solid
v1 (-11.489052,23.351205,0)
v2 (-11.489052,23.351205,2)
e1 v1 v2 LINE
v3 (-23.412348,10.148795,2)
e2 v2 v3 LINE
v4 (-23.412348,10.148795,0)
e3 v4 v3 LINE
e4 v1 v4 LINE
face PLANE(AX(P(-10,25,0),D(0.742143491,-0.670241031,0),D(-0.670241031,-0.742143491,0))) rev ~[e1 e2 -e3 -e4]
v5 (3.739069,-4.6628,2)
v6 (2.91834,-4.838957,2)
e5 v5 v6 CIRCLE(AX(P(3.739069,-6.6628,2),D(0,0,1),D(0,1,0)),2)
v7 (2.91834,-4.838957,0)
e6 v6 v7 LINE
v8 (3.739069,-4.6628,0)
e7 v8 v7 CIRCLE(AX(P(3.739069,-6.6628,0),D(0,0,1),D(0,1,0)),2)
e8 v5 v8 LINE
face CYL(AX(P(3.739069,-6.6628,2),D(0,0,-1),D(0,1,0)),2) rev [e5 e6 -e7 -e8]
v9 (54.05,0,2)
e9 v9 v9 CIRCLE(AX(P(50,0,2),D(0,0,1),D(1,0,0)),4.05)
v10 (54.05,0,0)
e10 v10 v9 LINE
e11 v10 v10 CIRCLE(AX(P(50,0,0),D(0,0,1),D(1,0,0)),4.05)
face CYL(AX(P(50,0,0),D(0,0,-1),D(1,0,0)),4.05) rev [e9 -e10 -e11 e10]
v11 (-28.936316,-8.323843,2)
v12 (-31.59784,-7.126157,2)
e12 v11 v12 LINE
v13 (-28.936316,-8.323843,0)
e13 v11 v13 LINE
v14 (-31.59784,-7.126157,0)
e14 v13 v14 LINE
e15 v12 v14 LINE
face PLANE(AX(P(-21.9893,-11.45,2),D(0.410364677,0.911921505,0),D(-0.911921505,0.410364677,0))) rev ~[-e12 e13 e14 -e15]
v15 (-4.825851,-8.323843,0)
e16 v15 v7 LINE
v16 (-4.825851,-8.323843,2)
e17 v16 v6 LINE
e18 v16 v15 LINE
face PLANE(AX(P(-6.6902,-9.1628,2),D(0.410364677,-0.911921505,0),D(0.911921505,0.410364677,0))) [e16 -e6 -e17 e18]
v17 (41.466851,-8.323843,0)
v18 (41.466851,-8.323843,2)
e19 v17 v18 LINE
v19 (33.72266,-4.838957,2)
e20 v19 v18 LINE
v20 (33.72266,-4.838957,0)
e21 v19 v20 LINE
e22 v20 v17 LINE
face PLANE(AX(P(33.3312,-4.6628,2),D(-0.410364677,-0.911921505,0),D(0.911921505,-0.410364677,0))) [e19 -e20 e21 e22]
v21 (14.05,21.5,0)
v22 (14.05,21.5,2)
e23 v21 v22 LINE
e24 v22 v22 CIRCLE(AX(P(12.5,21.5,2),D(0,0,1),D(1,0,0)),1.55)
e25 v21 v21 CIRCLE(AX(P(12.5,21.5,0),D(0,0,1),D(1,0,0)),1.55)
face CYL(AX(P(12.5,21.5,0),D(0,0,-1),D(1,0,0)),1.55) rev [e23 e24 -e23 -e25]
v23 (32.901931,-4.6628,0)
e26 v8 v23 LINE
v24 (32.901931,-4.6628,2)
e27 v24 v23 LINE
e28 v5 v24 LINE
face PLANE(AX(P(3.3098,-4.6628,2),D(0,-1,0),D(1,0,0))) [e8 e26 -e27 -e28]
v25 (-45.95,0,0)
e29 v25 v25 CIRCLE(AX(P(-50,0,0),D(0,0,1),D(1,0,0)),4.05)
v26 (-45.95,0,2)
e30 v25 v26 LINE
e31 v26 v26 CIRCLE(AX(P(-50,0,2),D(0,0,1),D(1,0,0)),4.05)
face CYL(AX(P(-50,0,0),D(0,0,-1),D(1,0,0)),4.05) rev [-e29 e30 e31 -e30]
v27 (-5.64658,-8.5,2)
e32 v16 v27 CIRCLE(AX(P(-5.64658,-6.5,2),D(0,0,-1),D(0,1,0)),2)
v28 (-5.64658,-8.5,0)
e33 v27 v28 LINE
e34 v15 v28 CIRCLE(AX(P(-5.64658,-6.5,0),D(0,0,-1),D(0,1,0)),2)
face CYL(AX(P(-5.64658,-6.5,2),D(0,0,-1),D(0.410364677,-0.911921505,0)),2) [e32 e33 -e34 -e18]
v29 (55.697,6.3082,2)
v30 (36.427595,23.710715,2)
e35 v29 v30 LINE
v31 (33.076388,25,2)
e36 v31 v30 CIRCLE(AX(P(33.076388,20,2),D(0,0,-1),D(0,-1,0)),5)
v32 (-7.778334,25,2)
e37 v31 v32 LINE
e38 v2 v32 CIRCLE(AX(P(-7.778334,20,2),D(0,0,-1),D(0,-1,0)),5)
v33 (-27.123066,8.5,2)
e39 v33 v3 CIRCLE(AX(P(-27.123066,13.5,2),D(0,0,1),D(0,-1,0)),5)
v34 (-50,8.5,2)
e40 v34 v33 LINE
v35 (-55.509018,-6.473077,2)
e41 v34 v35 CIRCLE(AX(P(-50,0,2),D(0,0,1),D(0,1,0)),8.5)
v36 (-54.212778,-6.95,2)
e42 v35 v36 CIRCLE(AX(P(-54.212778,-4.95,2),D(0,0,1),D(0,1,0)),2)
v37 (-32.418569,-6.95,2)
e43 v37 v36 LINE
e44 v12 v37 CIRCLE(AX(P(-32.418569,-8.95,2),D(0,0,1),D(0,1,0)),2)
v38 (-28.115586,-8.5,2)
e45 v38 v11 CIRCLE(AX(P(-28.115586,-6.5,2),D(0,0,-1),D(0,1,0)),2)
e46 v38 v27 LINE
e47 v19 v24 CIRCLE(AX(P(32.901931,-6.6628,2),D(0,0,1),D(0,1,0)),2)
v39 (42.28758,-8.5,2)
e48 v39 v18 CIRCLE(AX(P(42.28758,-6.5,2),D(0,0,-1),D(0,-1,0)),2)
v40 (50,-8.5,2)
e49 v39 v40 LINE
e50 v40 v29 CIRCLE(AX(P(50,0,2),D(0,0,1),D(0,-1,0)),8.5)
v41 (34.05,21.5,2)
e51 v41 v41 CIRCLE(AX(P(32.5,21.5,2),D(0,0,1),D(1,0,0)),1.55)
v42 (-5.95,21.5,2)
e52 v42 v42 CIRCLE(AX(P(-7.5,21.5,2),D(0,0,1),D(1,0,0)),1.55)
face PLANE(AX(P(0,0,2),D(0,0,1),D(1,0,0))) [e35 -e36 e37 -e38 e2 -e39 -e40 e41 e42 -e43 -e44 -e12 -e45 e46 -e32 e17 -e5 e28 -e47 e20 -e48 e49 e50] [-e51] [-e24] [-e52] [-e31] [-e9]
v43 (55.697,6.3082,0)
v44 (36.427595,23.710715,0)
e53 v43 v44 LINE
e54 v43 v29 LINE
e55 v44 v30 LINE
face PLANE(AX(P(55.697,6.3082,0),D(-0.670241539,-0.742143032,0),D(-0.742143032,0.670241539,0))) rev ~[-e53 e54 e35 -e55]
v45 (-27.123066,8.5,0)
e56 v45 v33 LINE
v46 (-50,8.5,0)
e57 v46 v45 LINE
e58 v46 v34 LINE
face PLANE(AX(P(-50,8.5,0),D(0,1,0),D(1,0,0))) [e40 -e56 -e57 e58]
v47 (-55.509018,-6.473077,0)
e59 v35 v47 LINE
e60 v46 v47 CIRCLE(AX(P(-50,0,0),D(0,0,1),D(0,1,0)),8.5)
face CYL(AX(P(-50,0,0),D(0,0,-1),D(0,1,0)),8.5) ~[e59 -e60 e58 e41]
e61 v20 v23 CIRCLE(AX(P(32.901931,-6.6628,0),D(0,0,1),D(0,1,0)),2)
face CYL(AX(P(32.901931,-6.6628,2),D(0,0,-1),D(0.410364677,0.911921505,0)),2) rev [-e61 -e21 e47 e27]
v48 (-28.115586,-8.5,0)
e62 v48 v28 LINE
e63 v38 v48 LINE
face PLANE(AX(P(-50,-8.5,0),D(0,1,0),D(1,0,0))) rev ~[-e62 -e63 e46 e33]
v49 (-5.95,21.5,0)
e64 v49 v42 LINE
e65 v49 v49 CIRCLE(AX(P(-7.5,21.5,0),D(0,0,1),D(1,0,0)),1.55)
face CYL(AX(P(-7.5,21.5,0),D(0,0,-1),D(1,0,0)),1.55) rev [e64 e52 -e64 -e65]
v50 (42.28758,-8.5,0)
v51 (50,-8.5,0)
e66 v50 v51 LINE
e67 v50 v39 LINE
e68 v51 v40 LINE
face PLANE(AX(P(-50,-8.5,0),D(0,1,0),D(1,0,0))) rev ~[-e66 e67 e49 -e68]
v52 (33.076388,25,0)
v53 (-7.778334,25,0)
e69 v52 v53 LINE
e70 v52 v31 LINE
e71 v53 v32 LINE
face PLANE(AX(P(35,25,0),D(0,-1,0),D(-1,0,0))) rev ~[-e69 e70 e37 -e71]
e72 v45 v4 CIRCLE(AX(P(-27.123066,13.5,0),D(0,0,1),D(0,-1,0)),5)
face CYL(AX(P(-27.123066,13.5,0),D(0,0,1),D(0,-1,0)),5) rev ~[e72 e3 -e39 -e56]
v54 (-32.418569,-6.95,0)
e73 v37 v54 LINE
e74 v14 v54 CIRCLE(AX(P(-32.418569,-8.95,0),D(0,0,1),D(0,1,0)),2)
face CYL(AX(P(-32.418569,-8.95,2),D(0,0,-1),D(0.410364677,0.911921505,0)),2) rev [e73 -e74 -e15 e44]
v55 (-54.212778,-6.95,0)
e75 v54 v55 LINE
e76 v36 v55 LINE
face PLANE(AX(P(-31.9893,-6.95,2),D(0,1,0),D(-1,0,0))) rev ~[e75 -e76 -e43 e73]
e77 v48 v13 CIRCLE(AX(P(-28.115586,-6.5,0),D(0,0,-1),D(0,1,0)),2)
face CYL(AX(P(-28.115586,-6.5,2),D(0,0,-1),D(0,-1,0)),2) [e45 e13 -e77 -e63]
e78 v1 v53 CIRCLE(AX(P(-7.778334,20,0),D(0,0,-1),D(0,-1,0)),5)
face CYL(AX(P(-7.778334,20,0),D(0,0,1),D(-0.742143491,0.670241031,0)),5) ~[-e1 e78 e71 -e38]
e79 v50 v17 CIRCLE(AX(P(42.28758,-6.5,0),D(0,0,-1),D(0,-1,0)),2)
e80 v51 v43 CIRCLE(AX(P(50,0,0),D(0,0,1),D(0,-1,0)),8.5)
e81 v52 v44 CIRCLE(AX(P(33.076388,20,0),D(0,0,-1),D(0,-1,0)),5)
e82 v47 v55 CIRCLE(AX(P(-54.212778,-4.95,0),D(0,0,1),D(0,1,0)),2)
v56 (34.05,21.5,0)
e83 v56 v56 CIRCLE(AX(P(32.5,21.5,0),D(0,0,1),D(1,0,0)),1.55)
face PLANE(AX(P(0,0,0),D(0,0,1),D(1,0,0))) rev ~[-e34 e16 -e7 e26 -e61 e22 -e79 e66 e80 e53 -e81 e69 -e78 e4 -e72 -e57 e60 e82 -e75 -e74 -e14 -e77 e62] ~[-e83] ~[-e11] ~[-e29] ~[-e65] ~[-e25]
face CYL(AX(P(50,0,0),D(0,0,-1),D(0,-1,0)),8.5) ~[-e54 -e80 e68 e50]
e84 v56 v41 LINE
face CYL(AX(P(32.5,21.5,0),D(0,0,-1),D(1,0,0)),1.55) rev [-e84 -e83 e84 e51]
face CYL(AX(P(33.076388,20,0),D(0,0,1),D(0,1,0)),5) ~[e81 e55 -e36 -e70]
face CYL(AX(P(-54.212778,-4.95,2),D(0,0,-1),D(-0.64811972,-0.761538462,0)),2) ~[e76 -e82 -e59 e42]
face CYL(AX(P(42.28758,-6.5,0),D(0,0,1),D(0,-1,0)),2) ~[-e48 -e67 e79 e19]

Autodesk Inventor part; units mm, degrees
ref_plane "YZ Plane" through (0, 0, 0) normal (1, 0, 0) x (0, 1, 0)
ref_plane "XZ Plane" through (0, 0, 0) normal (0, 1, 0) x (-1, 0, 0)
ref_plane "XY Plane" through (0, 0, 0) normal (0, 0, 1) x (1, 0, 0)
sketch "スケッチ1" plane through (0, 0, 0) normal (0, 0, 1) x (1, 0, 0)
  line L0 (-50, 0) -> (50, 0) construction
  circle A0 centre (-50, 0) radius 4.05
  circle A1 centre (50, 0) radius 4.05
  line L1 (-50, 8.5) -> (50, 8.5)
  line L2 (-50, -8.5) -> (50, -8.5)
  arc A2 (-50, 8.5) -> (-50, -8.5) centre (-50, 0) ccw
  arc A3 (50, -8.5) -> (50, 8.5) centre (50, 0) ccw
  line L3 (55.697, 6.3082) -> (35, 25)
  line L4 (35, 25) -> (-10, 25)
  line L5 (-10, 25) -> (-24.9014, 8.5)
  line L6 (-16.3218, 18) -> (42.751, 18) construction
  line L7 (-10, 25) -> (-10, 18) construction
  line L8 (35, 25) -> (35, 18) construction
  circle A4 centre (32.5, 21.5) radius 1.55
  circle A5 centre (-7.5, 21.5) radius 1.55
  circle A6 centre (12.5, 21.5) radius 1.55
  line L9 (-10, 21.5) -> (35, 21.5) construction
  line L10 (35, 24) -> (-10, 24) construction
  line L11 (-10, 24) -> (-10, 19) construction
  line L12 (-10, 19) -> (35, 19) construction
  line L13 (35, 19) -> (35, 24) construction
  point P0 (0, 0)
  point P1 (0, 0)
  dimension "d0" = 100
  dimension "d1" = 8.1
  dimension "d2" = 8.5
  dimension "d8" = 8.1
  dimension "d10" = 7
  dimension "d11" = 45
  dimension "d12" = 2.5
  dimension "d13" = 3.1
  dimension "d14" = 2.5
  dimension "d15" = 15
  dimension "d17" = 5
  dimension "d18" = 19
extrude "押し出し1" add sketch "スケッチ1" along normal blind 2
fillet "フィレット1" radius 5 3 edges at (-24.9014, 8.5, 1) (-10, 25, 1) (35, 25, 1)
sketch "スケッチ2" plane through (0, 0, 2) normal (0, 0, 1) x (1, 0, 0)
  arc A0 (50, -8.5) -> (55.697, 6.3082) centre (50, 0) ccw projected
  line L0 (18, -20) -> (-35.4549, -20) construction
  line L1 (-76.9607, -11.5) -> (-72, -11.5)
  line L2 (-72, -11.5) -> (-62, -7)
  line L3 (-62, -7) -> (-32, -7)
  line L4 (-32, -7) -> (-22, -11.5)
  line L5 (-22, -11.5) -> (-17.0393, -11.5)
  line L6 (-17.0393, -11.5) -> (-17.0393, -12.4)
  line L7 (-17.0393, -12.4) -> (-76.9607, -12.4)
  line L8 (-76.9607, -12.4) -> (-76.9607, -11.5)
  line L9 (-31.9893, -6.95) -> (-62.0107, -6.95)
  line L10 (-62.0107, -6.95) -> (-72.0107, -11.45)
  line L11 (-72.0107, -11.45) -> (-77.0107, -11.45)
  line L12 (-77.0107, -11.45) -> (-77.0107, -12.45)
  line L13 (-77.0107, -12.45) -> (-16.9893, -12.45)
  line L14 (-16.9893, -12.45) -> (-16.9893, -11.45)
  line L15 (-16.9893, -11.45) -> (-21.9893, -11.45)
  line L16 (-21.9893, -11.45) -> (-31.9893, -6.95)
  circle A1 centre (-50, 0) radius 4.05 projected
  circle A2 centre (-50, 0) radius 5.5 construction
  circle A3 centre (50, 0) radius 4.05 projected
  line L17 (83.3205, -17.7128) -> (50, 0) construction
  line L18 (50, 0) -> (18, -20) construction
  line L19 (83.3205, -17.7128) -> (37.8533, -17.7128) construction
  line L20 (-11.6402, -10.1128) -> (48.2812, -10.1128)
  line L21 (48.2812, -10.1128) -> (48.2812, -9.2128)
  line L22 (48.2812, -9.2128) -> (43.3205, -9.2128)
  line L23 (43.3205, -9.2128) -> (33.3205, -4.7128)
  line L24 (33.3205, -4.7128) -> (3.3205, -4.7128)
  line L25 (3.3205, -4.7128) -> (-6.6795, -9.2128)
  line L26 (-6.6795, -9.2128) -> (-11.6402, -9.2128)
  line L27 (-11.6402, -9.2128) -> (-11.6402, -10.1128)
  line L28 (-6.6902, -9.1628) -> (3.3098, -4.6628)
  line L29 (3.3098, -4.6628) -> (33.3312, -4.6628)
  line L30 (33.3312, -4.6628) -> (43.3312, -9.1628)
  line L31 (43.3312, -9.1628) -> (48.3312, -9.1628)
  line L32 (48.3312, -9.1628) -> (48.3312, -10.1628)
  line L33 (48.3312, -10.1628) -> (-11.6902, -10.1628)
  line L34 (-11.6902, -10.1628) -> (-11.6902, -9.1628)
  line L35 (-11.6902, -9.1628) -> (-6.6902, -9.1628)
  point P0 (0, 0)
  dimension "d19" = 20
  dimension "d20" = 32
  dimension "d21" = 40
  dimension "d22" = 10
  dimension "d23" = 8.5
  dimension "d24" = 10
  dimension "d25" = 30
  dimension "d26" = 13
  dimension "d27" = 0.05
  dimension "d32" = 11
  dimension "d33" = 120
  dimension "d34" = 1
  dimension "d36" = 5
  dimension "d37" = 40
  dimension "d38" = 8.5
  dimension "d39" = 0.05
extrude "押し出し2" cut sketch "スケッチ2" against normal blind 10 contours L1 L2 L3 L4 L5 L6 L7 L8 | L16 L15 L14 L13 L12 L11 L10 L9 | L27 L26 L25 L24 L23 L22 L21 L20 | L28 L29 L30 L31 L32 L33 L34 L35
fillet "フィレット2" radius 2 7 edges at (-28.5448, -8.5, 1) (-31.9893, -6.95, 1) (-5.2173, -8.5, 1) (3.3098, -4.6628, 1) (41.8583, -8.5, 1) (33.3312, -4.6628, 1) (-54.8936, -6.95, 1)
equation "\"d8\" = d1"
equation "\"d14\" = d12"
equation "\"d24\" = d22"
equation "\"d37\" = d21"
equation "\"d38\" = d23"
properties part number "rinnku" material "GFRP"
